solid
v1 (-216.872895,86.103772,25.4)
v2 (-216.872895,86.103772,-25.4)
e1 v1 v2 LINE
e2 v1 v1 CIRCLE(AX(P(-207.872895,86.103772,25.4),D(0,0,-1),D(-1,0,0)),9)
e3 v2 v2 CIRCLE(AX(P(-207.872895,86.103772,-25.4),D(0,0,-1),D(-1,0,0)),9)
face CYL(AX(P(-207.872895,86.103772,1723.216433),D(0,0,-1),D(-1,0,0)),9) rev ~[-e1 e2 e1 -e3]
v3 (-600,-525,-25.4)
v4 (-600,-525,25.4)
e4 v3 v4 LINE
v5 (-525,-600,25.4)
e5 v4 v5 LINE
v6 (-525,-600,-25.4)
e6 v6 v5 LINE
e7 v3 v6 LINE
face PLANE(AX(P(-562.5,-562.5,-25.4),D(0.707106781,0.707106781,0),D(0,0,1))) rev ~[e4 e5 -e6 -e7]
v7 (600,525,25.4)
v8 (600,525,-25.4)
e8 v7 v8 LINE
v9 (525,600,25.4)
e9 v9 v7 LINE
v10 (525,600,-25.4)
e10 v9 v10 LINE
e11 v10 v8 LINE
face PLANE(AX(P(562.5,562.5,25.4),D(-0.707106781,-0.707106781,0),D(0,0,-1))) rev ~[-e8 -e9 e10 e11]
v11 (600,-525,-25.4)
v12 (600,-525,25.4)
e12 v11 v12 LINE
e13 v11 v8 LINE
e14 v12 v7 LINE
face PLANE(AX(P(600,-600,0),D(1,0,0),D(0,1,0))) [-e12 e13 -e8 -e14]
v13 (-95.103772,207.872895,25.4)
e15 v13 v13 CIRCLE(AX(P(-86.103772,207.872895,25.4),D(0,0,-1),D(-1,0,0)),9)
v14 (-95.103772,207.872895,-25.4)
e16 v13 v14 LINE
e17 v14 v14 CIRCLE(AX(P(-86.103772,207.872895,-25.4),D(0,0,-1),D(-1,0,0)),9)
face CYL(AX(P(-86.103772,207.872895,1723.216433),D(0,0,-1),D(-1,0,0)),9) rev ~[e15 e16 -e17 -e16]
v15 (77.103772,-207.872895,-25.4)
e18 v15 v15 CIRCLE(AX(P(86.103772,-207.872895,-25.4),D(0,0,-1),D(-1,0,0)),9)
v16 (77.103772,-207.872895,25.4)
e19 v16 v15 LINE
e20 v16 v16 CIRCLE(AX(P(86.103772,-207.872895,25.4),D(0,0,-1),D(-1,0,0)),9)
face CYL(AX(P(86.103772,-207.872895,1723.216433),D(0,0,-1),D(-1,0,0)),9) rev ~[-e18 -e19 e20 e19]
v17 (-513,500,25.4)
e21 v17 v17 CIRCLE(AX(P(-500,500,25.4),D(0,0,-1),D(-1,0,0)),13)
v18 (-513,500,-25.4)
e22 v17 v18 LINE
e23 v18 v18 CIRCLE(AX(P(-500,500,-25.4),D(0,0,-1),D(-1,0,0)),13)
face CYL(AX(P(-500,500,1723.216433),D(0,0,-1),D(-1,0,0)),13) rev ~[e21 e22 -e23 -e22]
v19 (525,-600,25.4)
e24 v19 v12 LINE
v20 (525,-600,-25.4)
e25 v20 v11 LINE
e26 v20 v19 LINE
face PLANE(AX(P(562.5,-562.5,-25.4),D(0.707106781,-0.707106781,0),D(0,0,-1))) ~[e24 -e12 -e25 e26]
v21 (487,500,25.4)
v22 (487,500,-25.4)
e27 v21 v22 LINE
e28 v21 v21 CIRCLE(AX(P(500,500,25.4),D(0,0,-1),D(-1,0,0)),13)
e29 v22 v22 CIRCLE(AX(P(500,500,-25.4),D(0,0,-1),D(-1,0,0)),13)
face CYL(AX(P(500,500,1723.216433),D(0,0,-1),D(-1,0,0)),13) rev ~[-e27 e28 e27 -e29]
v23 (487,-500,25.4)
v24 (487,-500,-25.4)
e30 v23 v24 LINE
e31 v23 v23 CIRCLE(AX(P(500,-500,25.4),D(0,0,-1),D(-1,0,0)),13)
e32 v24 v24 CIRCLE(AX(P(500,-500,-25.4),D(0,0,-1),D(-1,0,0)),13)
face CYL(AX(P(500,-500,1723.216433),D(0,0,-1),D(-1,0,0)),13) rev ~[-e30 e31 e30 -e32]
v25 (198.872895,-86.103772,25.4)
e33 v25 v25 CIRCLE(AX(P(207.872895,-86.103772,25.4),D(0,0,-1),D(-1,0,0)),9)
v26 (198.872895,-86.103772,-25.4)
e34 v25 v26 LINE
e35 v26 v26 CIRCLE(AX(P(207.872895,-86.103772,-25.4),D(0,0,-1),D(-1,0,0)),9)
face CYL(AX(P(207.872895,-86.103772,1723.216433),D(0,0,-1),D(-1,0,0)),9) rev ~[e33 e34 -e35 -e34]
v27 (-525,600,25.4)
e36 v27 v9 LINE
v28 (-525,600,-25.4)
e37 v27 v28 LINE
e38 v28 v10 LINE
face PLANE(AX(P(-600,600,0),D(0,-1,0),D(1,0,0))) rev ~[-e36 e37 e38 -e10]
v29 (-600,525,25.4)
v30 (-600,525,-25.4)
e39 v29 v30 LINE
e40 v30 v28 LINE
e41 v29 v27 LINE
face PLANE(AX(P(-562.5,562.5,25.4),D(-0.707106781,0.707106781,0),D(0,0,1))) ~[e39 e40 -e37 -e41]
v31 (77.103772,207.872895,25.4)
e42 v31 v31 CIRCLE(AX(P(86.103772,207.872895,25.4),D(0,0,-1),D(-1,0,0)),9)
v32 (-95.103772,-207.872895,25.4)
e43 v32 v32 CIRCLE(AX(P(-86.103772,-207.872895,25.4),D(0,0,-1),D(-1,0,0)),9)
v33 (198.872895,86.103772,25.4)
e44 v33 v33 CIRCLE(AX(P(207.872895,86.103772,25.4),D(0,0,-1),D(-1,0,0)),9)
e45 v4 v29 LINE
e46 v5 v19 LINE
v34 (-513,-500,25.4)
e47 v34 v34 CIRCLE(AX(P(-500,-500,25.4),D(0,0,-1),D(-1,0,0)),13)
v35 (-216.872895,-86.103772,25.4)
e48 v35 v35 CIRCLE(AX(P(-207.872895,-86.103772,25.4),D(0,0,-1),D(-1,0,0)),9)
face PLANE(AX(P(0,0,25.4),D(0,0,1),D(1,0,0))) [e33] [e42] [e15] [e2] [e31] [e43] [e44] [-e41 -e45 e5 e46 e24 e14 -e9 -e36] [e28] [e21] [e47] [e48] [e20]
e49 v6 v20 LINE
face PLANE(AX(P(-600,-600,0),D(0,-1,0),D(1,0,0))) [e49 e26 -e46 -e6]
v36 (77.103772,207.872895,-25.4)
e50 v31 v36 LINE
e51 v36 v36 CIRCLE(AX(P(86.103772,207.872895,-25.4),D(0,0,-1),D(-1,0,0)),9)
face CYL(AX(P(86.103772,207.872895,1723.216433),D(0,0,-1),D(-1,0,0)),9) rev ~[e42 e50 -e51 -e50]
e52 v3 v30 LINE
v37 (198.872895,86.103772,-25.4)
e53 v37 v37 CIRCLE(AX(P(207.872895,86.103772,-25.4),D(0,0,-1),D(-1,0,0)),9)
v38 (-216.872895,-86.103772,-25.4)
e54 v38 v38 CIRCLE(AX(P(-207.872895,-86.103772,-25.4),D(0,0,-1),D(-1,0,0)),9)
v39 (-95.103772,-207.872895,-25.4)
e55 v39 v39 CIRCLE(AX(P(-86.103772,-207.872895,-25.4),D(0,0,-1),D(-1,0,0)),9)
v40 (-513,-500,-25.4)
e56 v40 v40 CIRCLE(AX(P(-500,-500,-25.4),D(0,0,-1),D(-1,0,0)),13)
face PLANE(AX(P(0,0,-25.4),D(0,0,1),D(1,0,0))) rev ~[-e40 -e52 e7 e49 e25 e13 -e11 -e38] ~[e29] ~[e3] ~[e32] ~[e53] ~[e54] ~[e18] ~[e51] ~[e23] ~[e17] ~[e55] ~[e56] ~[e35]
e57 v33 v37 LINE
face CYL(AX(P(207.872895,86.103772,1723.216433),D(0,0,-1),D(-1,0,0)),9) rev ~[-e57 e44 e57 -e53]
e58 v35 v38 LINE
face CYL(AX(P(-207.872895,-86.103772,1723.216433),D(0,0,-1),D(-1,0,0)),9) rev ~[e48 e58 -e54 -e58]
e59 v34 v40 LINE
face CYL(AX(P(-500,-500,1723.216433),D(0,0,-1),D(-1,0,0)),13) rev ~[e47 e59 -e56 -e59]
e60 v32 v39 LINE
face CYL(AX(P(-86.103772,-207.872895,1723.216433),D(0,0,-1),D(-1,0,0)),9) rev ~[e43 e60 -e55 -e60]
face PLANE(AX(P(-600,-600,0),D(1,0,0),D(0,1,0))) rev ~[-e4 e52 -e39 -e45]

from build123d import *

# Parameters (mm, degrees)
F0_W     = 1200
F0_H     = 1200
F1_DEPTH = 25.4
F3_D     = 18
F4_SIZE  = 75
F6_D     = 26


with BuildPart() as f1:
    # F0 (on Top) → F1 (new body, symmetric)
    with BuildSketch(Plane.XY):
        Rectangle(F0_W, F0_H)
    extrude(amount=F1_DEPTH, both=True)

    # F3 (through all)
    with Locations(Plane.XY.offset(25.4)):
        with Locations((-86.1037722821, 207.872894815), (86.1037722821, 207.872894815), (207.872894815, 86.1037722821), (207.872894815, -86.1037722821), (86.1037722821, -207.872894815), (-86.1037722821, -207.872894815), (-207.872894815, -86.1037722821), (-207.872894815, 86.1037722821)):
            Hole(F3_D / 2)

    # F4
    f4_edges = [f1.edges().sort_by_distance(p)[0] for p in [
        (-600, 600, 0),
        (600, 600, 0),
        (600, -600, 0),
        (-600, -600, 0),
    ]]
    chamfer(f4_edges, length=F4_SIZE)

    # F6 (through all)
    with Locations(Plane.XY.offset(25.4)):
        with Locations((500, 500), (500, -500), (-500, 500), (-500, -500)):
            Hole(F6_D / 2)


solid = f1.part
